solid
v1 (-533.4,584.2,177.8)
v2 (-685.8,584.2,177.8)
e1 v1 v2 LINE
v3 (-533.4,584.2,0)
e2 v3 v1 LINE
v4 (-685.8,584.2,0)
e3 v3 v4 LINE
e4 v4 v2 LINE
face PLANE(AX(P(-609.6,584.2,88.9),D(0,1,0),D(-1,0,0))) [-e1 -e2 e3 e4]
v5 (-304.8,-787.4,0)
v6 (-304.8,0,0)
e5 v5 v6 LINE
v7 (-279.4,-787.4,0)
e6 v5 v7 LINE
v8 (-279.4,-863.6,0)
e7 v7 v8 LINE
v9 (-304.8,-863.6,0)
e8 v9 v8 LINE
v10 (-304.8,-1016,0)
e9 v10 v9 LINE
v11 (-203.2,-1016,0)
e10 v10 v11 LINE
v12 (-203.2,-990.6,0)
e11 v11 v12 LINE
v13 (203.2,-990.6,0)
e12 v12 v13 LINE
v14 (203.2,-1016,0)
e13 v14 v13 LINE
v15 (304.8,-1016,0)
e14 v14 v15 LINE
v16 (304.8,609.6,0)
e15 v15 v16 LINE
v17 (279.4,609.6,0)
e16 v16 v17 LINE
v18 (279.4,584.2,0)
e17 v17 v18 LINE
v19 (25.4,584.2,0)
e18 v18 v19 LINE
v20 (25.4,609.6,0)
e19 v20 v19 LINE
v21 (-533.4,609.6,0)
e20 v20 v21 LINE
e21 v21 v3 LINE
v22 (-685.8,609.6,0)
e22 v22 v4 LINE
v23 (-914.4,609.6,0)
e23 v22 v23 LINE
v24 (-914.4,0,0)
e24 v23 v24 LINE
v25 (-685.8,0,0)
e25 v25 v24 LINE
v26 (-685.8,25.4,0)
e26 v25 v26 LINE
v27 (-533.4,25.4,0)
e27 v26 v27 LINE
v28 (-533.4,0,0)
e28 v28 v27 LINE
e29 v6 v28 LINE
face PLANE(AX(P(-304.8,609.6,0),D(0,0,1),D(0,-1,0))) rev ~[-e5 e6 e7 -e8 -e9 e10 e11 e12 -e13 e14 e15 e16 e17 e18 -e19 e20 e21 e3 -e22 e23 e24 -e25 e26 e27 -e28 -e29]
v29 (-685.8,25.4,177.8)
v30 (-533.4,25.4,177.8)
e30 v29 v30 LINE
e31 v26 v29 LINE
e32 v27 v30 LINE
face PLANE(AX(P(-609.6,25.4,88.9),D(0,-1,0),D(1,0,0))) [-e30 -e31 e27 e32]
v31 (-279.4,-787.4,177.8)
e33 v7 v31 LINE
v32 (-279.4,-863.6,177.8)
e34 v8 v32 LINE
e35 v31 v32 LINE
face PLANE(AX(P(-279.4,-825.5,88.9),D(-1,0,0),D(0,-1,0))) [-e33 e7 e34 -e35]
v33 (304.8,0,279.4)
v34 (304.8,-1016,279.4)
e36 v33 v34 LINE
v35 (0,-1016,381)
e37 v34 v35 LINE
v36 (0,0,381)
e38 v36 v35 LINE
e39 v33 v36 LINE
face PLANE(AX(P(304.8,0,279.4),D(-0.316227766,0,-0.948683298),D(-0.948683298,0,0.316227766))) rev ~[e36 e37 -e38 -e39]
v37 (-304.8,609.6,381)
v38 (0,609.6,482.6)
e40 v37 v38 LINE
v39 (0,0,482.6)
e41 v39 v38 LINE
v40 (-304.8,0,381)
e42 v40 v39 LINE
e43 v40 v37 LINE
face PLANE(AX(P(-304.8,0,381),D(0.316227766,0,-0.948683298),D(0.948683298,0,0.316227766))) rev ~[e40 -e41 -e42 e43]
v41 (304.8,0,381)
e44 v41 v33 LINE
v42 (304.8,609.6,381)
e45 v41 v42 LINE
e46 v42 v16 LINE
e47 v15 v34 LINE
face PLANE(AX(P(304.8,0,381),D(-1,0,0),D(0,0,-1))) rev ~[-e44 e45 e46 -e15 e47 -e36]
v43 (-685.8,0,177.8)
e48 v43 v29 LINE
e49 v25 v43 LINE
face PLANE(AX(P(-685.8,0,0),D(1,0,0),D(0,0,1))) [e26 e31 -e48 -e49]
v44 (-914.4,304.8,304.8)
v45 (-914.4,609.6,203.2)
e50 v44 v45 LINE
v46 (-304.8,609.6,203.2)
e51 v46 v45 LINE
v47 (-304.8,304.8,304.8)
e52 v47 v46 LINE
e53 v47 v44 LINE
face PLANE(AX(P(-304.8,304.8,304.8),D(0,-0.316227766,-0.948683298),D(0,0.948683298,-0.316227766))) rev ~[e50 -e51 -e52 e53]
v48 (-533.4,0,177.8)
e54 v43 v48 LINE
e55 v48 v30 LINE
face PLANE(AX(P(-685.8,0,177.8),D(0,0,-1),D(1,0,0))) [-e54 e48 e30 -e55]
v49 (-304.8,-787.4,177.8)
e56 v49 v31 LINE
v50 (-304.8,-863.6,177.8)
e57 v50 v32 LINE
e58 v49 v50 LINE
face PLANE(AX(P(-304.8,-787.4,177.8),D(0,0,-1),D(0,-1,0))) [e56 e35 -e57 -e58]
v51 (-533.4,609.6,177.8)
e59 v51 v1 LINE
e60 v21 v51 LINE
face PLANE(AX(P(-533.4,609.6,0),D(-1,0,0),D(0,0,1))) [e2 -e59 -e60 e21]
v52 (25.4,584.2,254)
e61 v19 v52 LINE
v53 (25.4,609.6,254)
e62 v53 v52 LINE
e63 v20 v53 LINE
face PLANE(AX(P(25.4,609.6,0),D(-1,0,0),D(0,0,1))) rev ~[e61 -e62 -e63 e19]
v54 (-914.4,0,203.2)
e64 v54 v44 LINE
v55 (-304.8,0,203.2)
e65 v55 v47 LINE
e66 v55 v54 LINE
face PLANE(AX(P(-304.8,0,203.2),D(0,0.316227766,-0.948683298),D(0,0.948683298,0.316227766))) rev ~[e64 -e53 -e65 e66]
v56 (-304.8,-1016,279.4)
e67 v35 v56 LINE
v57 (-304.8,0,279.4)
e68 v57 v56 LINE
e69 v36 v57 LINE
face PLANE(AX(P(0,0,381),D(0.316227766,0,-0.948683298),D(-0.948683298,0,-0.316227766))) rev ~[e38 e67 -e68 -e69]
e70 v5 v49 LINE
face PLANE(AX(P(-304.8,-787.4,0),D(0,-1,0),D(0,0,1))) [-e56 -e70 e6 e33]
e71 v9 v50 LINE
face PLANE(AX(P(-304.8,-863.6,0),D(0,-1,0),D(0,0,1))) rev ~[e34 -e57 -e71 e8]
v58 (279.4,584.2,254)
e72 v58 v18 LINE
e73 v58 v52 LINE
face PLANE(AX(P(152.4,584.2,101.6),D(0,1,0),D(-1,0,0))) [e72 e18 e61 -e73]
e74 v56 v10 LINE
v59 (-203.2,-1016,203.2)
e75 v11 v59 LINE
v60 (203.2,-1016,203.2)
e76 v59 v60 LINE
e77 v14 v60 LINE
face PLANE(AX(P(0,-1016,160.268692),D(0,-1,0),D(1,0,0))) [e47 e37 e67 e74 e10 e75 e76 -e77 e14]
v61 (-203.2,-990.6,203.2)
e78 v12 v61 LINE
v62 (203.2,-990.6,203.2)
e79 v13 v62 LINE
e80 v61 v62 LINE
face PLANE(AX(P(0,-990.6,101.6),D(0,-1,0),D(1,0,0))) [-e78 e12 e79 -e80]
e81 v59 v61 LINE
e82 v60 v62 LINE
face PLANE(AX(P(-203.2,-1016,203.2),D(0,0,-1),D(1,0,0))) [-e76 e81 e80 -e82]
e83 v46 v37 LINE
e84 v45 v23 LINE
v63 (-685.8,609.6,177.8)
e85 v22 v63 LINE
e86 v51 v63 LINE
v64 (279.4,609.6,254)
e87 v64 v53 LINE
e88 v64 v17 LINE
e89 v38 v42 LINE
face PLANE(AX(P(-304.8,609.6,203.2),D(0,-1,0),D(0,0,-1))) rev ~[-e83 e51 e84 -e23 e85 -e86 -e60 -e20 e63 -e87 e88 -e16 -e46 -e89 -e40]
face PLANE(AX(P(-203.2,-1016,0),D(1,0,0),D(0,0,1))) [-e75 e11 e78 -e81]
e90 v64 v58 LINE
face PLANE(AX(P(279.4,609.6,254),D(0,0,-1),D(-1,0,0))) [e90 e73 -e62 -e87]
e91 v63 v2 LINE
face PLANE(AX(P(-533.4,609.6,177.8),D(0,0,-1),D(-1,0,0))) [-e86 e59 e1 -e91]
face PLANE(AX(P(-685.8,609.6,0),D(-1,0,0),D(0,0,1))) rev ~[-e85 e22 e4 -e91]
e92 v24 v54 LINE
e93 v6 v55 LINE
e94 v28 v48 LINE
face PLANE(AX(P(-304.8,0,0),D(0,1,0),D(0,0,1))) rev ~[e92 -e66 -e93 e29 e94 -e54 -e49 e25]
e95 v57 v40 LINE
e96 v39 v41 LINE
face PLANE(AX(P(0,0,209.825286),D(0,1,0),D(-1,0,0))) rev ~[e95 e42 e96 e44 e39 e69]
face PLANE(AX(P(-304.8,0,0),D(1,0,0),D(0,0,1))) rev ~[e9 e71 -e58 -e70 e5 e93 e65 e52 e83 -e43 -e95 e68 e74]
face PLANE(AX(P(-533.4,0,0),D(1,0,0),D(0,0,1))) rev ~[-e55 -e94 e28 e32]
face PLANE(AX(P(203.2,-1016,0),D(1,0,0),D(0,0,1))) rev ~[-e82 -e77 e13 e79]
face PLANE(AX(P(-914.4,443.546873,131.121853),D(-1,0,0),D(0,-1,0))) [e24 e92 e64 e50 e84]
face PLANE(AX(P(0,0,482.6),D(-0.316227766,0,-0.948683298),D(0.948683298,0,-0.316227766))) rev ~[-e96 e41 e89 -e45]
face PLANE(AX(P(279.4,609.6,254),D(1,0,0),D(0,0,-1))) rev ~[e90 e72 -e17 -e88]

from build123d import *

# Parameters (mm, degrees)
F1_DEPTH  = 1016
F3_DEPTH  = 609.6
F5_DEPTH  = 609.6
F6_W      = 152.4
F6_H      = 177.8
F7_DEPTH  = 25.4
F8_W      = 406.4
F8_H      = 203.2
F9_DEPTH  = 25.4
F10_W     = 254
F10_H     = 203.2
F10_H_2   = 50.8
F10_W_2   = 152.4
F10_H_3   = 177.8
F11_DEPTH = 25.4
F12_W     = 76.2
F12_H     = 177.8
F13_DEPTH = 25.4


with BuildPart() as f1:
    # F0 (on Front) → F1 (new body)
    with BuildSketch(Plane.XZ):
        Polygon((-304.8, 0), (0, 0), (304.8, 0), (304.8, 279.4), (0, 381), (-304.8, 279.4), align=None)
    extrude(amount=F1_DEPTH)

    # F2 (on face) → F3 (join)
    with BuildSketch(Plane(origin=(0, 0, 0), x_dir=(-1, 0, 0), z_dir=(0, 1, 0))):
        Polygon((-304.8, 381), (-304.8, 0), (304.8, 0), (304.8, 381), (0, 482.6), align=None)
    extrude(amount=F3_DEPTH)

    # F4 (on face) → F5 (join)
    with BuildSketch(Plane(origin=(-304.8, 0, 0), x_dir=(0, -1, 0), z_dir=(-1, 0, 0))):
        Polygon((-609.6, 203.2), (-609.6, 0), (-304.8, 0), (-304.8, 304.8), align=None)
        Polygon((-304.8, 304.8), (-304.8, 0), (0, 0), (0, 203.2), align=None)
    extrude(amount=F5_DEPTH)

    # F6 (on face) → F7 (cut)
    with BuildSketch(Plane.XZ):
        with Locations((-609.6, 88.9)):
            Rectangle(F6_W, F6_H)
    extrude(amount=-F7_DEPTH, mode=Mode.SUBTRACT)

    # F8 (on face) → F9 (cut)
    with BuildSketch(Plane.XZ.offset(1016)):
        with Locations((0, 101.6)):
            Rectangle(F8_W, F8_H)
    extrude(amount=-F9_DEPTH, mode=Mode.SUBTRACT)

    # F10 (on face) → F11 (cut)
    with BuildSketch(Plane(origin=(0, 609.6, 0), x_dir=(-1, 0, 0), z_dir=(0, 1, 0))):
        with Locations((-152.4, 101.6)):
            Rectangle(F10_W, F10_H)
        with Locations((-152.4, 228.6)):
            Rectangle(F10_W, F10_H_2)
        with Locations((609.6, 88.9)):
            Rectangle(F10_W_2, F10_H_3)
    extrude(amount=-F11_DEPTH, mode=Mode.SUBTRACT)

    # F12 (on face) → F13 (cut)
    with BuildSketch(Plane(origin=(-304.8, 0, 0), x_dir=(0, -1, 0), z_dir=(-1, 0, 0))):
        with Locations((825.5, 88.9)):
            Rectangle(F12_W, F12_H)
    extrude(amount=-F13_DEPTH, mode=Mode.SUBTRACT)


solid = f1.part
